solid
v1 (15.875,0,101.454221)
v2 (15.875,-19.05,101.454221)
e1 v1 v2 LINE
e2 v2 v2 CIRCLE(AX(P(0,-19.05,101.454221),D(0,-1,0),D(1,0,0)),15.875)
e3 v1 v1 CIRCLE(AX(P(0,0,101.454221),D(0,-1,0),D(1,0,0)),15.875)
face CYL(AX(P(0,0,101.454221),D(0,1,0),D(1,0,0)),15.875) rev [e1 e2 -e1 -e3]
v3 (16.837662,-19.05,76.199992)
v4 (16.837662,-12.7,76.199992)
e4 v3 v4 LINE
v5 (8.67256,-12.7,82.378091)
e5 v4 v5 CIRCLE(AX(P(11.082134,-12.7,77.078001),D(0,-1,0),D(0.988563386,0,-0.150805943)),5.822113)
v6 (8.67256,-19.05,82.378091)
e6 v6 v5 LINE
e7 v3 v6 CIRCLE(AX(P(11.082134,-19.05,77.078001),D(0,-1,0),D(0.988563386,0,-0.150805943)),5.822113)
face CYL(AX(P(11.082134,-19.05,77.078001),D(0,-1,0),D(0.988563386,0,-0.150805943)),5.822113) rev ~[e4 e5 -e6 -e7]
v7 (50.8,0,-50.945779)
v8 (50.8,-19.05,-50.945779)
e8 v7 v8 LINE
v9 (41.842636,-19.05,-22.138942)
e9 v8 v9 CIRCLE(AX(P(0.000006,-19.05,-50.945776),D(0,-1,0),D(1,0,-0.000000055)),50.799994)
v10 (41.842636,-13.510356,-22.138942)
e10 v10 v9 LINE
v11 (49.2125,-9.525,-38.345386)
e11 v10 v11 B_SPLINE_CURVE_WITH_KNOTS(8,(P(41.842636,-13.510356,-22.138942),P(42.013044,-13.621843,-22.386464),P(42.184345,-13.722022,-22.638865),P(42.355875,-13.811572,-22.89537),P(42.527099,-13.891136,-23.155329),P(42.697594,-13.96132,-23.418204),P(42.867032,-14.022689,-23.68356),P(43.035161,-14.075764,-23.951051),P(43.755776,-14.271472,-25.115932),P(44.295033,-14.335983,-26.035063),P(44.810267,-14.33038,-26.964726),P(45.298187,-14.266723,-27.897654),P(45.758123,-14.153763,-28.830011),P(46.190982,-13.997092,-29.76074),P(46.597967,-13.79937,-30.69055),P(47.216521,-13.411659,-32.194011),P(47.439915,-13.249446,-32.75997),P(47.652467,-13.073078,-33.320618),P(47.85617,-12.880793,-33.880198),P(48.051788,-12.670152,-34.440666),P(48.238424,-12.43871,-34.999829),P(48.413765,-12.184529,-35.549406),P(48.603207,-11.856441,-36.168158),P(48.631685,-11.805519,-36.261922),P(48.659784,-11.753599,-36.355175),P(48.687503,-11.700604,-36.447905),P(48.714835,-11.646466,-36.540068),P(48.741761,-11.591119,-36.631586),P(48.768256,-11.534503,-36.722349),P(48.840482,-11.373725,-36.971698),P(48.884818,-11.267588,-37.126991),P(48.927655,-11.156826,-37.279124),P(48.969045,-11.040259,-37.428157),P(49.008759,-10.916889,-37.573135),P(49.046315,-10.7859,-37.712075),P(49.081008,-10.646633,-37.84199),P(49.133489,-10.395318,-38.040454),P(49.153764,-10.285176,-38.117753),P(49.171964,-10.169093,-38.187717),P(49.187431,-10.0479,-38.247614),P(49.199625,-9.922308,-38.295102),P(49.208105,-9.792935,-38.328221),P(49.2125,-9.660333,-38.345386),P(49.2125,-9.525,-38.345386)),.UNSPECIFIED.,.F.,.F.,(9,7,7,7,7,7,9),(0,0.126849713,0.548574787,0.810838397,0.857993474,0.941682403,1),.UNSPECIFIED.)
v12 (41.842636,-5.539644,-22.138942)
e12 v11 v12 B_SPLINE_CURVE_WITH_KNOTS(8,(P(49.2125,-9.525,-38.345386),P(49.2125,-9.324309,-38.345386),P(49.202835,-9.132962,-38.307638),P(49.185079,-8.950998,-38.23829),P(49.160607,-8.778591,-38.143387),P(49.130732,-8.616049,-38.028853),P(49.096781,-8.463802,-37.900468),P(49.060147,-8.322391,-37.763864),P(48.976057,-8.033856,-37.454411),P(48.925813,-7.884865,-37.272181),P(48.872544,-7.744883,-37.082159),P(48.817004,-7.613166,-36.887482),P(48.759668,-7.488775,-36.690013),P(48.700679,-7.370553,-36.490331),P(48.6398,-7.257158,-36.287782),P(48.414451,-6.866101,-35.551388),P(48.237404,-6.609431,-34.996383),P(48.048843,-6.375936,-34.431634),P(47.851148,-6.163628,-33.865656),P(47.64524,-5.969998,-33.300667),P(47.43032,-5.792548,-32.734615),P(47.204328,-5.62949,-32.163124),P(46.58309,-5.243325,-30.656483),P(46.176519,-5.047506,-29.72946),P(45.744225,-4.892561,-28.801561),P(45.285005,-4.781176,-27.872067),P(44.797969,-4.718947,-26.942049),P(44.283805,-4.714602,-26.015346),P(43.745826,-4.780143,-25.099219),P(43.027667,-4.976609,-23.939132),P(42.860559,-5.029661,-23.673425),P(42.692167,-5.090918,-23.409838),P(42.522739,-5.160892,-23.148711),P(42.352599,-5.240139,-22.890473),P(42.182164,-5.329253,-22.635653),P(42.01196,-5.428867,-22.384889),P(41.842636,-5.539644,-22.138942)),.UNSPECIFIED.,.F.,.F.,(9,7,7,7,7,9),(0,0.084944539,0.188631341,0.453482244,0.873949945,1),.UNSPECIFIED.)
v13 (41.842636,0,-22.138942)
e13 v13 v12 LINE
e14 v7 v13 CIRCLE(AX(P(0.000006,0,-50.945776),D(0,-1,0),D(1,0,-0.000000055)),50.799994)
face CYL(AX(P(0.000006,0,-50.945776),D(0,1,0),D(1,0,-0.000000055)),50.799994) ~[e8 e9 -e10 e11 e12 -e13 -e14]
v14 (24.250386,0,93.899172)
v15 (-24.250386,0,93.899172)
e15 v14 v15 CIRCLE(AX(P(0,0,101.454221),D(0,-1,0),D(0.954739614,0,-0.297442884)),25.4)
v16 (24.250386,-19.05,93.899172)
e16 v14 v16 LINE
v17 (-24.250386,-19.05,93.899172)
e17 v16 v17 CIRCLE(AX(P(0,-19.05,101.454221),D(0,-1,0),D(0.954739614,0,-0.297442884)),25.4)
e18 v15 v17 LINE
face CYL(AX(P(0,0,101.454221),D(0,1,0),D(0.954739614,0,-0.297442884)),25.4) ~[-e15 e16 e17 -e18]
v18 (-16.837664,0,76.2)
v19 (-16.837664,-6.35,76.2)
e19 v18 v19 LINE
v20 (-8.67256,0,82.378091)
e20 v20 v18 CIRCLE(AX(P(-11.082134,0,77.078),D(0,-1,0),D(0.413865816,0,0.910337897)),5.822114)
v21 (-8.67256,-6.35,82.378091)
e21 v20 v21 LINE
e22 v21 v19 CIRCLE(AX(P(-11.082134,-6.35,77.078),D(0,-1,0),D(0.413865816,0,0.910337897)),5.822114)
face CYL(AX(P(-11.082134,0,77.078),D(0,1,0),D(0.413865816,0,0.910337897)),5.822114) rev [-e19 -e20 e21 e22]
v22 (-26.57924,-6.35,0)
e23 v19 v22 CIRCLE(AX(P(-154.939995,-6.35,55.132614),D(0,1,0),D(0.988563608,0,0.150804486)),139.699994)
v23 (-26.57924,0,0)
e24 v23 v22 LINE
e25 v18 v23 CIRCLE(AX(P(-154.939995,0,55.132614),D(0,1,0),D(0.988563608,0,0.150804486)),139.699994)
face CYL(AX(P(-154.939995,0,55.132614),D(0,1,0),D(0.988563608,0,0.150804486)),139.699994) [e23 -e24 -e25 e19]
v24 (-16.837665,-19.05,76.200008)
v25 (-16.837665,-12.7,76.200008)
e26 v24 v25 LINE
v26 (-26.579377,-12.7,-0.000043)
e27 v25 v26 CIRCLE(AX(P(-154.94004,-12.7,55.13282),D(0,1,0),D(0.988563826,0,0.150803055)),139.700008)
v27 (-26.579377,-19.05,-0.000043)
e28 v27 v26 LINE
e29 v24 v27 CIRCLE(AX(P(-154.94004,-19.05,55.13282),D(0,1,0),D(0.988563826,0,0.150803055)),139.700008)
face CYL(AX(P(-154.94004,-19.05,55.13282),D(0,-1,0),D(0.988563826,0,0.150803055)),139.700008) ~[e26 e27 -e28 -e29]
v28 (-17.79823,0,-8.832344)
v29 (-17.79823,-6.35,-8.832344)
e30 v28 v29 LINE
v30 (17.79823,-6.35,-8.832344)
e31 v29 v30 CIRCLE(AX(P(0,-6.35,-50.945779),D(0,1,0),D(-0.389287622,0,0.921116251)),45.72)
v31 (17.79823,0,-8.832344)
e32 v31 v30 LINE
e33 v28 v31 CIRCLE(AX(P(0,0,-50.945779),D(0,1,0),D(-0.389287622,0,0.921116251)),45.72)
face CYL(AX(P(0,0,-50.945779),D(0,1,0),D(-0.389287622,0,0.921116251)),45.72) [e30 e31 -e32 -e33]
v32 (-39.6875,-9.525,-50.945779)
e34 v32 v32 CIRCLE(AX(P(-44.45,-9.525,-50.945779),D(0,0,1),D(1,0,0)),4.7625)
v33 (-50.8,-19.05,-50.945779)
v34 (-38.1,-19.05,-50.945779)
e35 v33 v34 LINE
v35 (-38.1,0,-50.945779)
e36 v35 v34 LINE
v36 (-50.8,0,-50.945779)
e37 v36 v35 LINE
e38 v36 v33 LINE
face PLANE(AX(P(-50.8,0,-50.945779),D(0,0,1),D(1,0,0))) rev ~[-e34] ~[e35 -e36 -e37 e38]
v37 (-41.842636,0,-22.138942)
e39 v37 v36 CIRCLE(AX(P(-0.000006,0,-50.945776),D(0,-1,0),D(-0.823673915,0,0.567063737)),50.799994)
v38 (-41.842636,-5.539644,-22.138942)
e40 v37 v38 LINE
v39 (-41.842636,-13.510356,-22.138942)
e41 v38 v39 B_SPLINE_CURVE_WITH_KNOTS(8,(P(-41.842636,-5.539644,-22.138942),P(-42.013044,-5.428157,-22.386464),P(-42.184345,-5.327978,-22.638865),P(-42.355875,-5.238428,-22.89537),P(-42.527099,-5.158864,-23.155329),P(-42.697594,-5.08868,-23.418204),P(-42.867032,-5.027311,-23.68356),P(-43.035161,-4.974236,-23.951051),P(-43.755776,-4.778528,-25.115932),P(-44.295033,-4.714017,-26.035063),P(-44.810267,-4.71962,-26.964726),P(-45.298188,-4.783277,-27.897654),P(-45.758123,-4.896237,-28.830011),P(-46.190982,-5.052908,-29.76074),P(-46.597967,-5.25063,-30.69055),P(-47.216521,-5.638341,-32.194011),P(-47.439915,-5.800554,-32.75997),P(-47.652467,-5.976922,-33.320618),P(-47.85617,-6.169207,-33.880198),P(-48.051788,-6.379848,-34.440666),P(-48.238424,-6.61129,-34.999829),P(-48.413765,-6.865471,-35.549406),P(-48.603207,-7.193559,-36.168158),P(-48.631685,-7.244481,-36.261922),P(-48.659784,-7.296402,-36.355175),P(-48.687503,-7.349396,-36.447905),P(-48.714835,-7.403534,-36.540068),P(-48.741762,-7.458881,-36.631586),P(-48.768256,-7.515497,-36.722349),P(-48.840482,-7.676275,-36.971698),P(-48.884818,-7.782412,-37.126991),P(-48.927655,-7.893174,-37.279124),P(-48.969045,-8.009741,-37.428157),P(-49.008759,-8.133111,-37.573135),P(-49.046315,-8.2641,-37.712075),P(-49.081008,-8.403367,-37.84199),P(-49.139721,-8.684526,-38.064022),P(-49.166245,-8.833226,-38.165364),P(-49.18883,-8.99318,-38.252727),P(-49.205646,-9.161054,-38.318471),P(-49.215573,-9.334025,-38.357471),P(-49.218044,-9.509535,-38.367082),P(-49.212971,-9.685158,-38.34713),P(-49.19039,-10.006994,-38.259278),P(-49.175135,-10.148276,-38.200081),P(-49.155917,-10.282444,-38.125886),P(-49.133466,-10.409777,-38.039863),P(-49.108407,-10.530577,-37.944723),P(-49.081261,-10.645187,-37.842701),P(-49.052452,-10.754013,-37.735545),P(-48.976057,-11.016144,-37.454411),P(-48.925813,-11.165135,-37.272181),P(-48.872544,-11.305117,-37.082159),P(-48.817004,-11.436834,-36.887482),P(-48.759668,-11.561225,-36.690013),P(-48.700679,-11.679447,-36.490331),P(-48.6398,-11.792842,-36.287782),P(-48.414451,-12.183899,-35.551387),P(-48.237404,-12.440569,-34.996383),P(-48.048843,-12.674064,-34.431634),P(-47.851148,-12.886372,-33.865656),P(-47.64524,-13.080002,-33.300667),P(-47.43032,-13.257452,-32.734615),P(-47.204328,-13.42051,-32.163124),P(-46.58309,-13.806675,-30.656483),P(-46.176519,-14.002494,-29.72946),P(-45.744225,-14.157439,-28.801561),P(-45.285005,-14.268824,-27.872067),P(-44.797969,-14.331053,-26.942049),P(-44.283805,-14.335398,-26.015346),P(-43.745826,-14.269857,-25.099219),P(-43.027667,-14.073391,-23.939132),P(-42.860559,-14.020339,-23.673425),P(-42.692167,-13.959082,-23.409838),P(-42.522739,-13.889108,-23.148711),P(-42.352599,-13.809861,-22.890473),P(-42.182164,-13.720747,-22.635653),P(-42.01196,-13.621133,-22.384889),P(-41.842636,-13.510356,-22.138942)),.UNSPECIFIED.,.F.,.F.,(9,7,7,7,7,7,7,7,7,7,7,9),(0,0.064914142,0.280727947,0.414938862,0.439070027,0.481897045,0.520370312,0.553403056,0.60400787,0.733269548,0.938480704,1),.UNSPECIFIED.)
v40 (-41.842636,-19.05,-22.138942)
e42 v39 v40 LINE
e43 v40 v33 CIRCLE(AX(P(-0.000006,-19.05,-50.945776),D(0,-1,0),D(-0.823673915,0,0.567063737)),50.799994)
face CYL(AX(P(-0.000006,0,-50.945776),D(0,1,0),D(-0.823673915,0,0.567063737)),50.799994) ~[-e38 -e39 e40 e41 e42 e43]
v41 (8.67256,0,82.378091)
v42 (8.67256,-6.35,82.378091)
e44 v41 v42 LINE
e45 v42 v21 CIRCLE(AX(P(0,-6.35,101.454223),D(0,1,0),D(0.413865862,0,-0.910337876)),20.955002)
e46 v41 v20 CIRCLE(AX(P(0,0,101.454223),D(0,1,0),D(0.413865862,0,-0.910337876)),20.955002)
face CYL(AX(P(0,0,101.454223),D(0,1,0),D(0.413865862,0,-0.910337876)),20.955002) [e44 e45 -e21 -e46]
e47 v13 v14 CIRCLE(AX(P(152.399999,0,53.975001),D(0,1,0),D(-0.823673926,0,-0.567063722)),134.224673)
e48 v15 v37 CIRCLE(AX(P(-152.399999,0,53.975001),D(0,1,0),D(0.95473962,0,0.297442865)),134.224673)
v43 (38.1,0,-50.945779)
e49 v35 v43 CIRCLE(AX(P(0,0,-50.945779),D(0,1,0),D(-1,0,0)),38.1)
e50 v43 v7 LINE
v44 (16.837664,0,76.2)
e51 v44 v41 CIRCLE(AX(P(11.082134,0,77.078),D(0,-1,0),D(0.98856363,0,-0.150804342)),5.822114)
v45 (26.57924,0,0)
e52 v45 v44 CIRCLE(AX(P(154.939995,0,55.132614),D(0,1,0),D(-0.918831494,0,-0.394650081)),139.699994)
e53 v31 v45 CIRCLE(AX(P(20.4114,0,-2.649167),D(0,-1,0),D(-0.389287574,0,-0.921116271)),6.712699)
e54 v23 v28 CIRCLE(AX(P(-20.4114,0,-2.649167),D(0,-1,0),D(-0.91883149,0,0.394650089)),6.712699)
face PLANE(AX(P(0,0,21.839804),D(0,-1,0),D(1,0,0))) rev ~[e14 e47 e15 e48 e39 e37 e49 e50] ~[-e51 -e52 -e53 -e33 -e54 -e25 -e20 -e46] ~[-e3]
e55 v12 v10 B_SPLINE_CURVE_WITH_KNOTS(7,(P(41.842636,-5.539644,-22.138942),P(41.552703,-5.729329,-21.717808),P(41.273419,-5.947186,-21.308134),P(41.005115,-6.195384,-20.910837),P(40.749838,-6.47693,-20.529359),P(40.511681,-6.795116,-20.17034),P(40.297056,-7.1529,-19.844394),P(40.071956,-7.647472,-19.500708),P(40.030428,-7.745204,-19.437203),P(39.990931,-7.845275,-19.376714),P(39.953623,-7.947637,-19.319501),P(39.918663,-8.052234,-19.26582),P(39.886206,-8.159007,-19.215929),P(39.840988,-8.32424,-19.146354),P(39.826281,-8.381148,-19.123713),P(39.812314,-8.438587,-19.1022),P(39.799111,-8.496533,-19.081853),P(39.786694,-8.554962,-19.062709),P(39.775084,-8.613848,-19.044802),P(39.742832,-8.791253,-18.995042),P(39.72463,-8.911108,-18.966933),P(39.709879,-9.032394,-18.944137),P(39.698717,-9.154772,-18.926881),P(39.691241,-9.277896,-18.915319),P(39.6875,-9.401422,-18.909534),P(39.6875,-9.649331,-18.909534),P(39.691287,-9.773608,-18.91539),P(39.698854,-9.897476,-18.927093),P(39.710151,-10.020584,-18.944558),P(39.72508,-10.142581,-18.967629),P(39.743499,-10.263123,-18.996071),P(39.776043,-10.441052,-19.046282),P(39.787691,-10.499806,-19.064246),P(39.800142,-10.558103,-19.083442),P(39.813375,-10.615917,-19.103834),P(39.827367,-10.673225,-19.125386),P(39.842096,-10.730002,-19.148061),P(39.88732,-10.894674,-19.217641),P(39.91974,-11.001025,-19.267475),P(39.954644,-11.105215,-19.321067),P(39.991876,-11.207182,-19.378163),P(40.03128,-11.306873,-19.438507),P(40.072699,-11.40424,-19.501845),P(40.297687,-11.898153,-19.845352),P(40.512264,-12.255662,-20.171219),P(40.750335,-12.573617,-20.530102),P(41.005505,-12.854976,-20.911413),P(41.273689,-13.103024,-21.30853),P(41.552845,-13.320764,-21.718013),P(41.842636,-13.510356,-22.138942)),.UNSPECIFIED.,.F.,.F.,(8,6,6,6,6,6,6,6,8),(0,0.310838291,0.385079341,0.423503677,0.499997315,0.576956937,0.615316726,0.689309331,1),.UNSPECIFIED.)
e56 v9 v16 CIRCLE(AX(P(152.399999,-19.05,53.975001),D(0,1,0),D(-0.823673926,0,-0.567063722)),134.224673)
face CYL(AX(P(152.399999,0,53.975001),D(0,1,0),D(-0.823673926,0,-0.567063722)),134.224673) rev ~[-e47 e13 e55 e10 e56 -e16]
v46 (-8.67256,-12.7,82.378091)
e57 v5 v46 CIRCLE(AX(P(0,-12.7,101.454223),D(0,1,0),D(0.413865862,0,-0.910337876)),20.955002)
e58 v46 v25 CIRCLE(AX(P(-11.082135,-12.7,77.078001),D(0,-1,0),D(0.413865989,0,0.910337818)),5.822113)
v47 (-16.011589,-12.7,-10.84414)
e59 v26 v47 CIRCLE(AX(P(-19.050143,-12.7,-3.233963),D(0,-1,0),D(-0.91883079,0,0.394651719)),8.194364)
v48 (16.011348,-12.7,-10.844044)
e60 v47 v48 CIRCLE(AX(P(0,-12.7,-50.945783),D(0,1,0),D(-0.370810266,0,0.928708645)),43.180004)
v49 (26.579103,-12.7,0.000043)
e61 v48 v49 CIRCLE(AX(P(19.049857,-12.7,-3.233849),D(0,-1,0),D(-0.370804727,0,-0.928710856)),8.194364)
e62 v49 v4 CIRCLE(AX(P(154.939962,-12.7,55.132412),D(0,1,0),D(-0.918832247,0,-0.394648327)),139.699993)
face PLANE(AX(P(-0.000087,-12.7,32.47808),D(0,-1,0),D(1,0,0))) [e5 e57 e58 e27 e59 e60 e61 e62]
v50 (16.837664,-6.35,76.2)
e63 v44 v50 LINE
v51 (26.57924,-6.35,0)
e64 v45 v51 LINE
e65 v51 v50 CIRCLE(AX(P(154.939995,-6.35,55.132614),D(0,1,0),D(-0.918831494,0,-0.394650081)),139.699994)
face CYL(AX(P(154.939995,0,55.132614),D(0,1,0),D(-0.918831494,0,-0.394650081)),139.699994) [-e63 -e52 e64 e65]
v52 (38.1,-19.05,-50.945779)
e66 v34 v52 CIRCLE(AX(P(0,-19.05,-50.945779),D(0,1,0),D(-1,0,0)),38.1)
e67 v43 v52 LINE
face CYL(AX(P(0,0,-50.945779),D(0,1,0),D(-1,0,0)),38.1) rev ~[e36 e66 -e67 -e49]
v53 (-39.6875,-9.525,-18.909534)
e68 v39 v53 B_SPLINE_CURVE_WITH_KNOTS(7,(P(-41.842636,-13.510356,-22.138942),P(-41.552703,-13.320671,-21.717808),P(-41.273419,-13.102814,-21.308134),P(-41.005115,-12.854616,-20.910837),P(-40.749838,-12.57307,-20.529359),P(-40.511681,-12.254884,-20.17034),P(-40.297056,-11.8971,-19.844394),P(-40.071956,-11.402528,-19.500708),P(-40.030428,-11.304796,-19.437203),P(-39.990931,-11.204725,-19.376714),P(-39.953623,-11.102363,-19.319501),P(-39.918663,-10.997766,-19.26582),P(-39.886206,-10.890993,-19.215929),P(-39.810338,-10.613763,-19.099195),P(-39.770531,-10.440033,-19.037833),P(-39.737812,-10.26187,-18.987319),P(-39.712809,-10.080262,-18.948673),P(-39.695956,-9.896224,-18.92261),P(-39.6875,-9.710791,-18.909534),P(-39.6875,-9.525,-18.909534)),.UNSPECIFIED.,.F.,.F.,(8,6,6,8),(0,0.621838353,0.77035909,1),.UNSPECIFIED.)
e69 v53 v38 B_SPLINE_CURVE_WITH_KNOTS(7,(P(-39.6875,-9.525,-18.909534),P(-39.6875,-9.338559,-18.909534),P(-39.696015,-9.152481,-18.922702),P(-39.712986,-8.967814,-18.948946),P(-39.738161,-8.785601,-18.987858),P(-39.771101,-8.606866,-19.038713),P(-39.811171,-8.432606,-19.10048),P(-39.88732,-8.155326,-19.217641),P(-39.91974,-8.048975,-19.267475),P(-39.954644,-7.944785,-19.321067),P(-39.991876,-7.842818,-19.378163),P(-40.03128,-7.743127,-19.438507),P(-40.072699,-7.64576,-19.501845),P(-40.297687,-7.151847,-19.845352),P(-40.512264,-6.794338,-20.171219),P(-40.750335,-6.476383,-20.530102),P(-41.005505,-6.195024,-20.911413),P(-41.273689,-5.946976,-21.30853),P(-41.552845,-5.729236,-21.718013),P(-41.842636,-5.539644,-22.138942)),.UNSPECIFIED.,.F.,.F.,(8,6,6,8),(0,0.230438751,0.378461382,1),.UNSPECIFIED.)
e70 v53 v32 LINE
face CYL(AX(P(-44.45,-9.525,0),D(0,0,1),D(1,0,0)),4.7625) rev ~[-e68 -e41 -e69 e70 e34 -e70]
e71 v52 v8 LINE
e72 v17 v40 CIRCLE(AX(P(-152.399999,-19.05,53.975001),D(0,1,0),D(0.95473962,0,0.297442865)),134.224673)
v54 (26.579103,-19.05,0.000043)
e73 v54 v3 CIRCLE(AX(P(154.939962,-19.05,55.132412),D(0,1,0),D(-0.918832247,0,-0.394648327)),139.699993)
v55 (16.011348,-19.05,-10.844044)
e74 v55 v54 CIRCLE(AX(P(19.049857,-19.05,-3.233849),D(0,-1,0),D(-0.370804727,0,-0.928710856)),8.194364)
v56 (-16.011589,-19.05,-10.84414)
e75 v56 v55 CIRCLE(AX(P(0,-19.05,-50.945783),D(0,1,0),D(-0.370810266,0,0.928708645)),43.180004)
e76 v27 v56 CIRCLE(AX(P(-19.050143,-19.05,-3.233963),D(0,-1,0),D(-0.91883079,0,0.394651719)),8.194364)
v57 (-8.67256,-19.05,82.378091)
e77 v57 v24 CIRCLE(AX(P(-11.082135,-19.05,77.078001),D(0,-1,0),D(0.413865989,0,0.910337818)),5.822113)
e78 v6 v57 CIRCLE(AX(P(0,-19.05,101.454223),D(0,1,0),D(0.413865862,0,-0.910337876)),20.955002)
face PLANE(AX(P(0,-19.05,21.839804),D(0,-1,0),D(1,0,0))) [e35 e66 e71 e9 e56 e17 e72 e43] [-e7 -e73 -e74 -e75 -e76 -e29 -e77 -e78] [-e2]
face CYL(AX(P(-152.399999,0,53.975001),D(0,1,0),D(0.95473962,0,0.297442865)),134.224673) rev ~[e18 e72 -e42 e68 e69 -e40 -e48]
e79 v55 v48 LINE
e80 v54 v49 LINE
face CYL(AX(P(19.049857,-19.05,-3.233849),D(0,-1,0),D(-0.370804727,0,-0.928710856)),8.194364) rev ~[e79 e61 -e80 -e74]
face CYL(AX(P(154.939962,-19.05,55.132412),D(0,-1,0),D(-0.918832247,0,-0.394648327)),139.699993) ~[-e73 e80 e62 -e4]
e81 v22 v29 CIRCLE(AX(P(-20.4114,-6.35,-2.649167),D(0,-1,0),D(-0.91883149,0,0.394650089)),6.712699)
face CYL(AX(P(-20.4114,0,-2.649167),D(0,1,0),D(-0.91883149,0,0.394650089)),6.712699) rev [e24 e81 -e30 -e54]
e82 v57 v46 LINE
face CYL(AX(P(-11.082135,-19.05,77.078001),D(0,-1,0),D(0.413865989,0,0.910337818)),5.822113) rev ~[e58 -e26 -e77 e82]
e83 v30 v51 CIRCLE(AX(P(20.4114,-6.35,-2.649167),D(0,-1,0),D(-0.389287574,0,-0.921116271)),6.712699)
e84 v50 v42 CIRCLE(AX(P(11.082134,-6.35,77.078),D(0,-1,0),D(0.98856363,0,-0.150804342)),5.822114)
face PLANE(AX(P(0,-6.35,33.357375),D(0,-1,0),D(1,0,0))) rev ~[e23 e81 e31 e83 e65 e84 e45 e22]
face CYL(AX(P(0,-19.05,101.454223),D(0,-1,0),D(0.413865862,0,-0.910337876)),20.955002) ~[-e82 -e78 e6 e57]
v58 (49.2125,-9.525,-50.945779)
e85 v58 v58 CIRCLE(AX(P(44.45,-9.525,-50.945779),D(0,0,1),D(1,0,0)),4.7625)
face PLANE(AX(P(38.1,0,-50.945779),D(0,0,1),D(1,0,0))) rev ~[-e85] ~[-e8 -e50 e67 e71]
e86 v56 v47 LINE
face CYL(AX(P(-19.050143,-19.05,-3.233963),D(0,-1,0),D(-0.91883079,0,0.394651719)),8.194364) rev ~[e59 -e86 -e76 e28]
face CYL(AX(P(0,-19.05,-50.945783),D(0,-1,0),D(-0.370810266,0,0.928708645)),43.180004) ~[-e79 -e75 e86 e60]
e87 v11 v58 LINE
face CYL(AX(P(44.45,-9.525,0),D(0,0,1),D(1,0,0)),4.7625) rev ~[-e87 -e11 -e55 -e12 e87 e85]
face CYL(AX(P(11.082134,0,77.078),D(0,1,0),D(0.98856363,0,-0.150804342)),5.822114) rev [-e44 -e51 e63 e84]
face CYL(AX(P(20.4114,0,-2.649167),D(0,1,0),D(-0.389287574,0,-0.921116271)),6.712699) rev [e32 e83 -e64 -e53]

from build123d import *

# Parameters (mm, degrees)
F0_R     = 15.875
F1_DEPTH = 19.05
F2_R     = 4.7625
F3_DEPTH = 53.975
F5_DEPTH = 6.35
F7_DEPTH = 6.35


with BuildPart() as f1:
    # F0 (on Front) → F1 (new body)
    with BuildSketch(Plane.XZ):
        with BuildLine():
            ThreePointArc((-24.250386, 93.899172), (-19.6918, 33.855441), (-41.842636, -22.138942))
            ThreePointArc((-41.842636, -22.138942), (-48.508999, -35.86211), (-50.8, -50.945779))
            Line((-50.8, -50.945779), (-38.1, -50.945779))
            ThreePointArc((-38.1, -50.945779), (0, -12.845779), (38.1, -50.945779))
            Line((38.1, -50.945779), (50.8, -50.945779))
            ThreePointArc((50.8, -50.945779), (48.508999, -35.86211), (41.842636, -22.138942))
            ThreePointArc((41.842636, -22.138942), (19.6918, 33.855441), (24.250386, 93.899172))
            ThreePointArc((24.250386, 93.899172), (0, 126.854221), (-24.250386, 93.899172))
        make_face()
        with Locations((0, 101.454221)):
            Circle(F0_R, mode=Mode.SUBTRACT)
    extrude(amount=F1_DEPTH)

    # F2 (on Top) → F3 (cut)
    with BuildSketch(Plane.XY):
        with Locations((-44.45, -9.525)):
            Circle(F2_R)
        with Locations((44.45, -9.525)):
            Circle(F2_R)
    extrude(amount=-F3_DEPTH, mode=Mode.SUBTRACT)

    # F4 (on Front) → F5 (cut)
    with BuildSketch(Plane.XZ):
        with BuildLine():
            ThreePointArc((-16.837664, 76.2), (-16.367797, 37.417239), (-26.57924, 0))
            ThreePointArc((-26.57924, 0), (-25.171809, -7.381909), (-17.79823, -8.832344))
            ThreePointArc((-17.79823, -8.832344), (0, -5.225779), (17.79823, -8.832344))
            ThreePointArc((17.79823, -8.832344), (25.171809, -7.381909), (26.57924, 0))
            ThreePointArc((26.57924, 0), (16.367797, 37.417239), (16.837664, 76.2))
            ThreePointArc((16.837664, 76.2), (14.595118, 81.720839), (8.67256, 82.378091))
            ThreePointArc((8.67256, 82.378091), (0, 80.499221), (-8.67256, 82.378091))
            ThreePointArc((-8.67256, 82.378091), (-14.595118, 81.720839), (-16.837664, 76.2))
        make_face()
    extrude(amount=F5_DEPTH, mode=Mode.SUBTRACT)

    # F6 (on face) → F7 (cut)
    with BuildSketch(Plane.XZ.offset(19.05)):
        with BuildLine():
            ThreePointArc((-16.837665, 76.200008), (-16.367858, 37.417212), (-26.579377, -4.3e-05))
            ThreePointArc((-26.579377, -4.3e-05), (-24.918717, -8.953005), (-16.011589, -10.84414))
            ThreePointArc((-16.011589, -10.84414), (-0.00013, -7.765779), (16.011348, -10.844044))
            ThreePointArc((16.011348, -10.844044), (24.918437, -8.952885), (26.579103, 4.3e-05))
            ThreePointArc((26.579103, 4.3e-05), (16.367736, 37.417266), (16.837662, 76.199992))
            ThreePointArc((16.837662, 76.199992), (14.595121, 81.720837), (8.67256, 82.378091))
            ThreePointArc((8.67256, 82.378091), (0, 80.499221), (-8.67256, 82.378091))
            ThreePointArc((-8.67256, 82.378091), (-14.595115, 81.720842), (-16.837665, 76.200008))
        make_face()
    extrude(amount=-F7_DEPTH, mode=Mode.SUBTRACT)


solid = f1.part
